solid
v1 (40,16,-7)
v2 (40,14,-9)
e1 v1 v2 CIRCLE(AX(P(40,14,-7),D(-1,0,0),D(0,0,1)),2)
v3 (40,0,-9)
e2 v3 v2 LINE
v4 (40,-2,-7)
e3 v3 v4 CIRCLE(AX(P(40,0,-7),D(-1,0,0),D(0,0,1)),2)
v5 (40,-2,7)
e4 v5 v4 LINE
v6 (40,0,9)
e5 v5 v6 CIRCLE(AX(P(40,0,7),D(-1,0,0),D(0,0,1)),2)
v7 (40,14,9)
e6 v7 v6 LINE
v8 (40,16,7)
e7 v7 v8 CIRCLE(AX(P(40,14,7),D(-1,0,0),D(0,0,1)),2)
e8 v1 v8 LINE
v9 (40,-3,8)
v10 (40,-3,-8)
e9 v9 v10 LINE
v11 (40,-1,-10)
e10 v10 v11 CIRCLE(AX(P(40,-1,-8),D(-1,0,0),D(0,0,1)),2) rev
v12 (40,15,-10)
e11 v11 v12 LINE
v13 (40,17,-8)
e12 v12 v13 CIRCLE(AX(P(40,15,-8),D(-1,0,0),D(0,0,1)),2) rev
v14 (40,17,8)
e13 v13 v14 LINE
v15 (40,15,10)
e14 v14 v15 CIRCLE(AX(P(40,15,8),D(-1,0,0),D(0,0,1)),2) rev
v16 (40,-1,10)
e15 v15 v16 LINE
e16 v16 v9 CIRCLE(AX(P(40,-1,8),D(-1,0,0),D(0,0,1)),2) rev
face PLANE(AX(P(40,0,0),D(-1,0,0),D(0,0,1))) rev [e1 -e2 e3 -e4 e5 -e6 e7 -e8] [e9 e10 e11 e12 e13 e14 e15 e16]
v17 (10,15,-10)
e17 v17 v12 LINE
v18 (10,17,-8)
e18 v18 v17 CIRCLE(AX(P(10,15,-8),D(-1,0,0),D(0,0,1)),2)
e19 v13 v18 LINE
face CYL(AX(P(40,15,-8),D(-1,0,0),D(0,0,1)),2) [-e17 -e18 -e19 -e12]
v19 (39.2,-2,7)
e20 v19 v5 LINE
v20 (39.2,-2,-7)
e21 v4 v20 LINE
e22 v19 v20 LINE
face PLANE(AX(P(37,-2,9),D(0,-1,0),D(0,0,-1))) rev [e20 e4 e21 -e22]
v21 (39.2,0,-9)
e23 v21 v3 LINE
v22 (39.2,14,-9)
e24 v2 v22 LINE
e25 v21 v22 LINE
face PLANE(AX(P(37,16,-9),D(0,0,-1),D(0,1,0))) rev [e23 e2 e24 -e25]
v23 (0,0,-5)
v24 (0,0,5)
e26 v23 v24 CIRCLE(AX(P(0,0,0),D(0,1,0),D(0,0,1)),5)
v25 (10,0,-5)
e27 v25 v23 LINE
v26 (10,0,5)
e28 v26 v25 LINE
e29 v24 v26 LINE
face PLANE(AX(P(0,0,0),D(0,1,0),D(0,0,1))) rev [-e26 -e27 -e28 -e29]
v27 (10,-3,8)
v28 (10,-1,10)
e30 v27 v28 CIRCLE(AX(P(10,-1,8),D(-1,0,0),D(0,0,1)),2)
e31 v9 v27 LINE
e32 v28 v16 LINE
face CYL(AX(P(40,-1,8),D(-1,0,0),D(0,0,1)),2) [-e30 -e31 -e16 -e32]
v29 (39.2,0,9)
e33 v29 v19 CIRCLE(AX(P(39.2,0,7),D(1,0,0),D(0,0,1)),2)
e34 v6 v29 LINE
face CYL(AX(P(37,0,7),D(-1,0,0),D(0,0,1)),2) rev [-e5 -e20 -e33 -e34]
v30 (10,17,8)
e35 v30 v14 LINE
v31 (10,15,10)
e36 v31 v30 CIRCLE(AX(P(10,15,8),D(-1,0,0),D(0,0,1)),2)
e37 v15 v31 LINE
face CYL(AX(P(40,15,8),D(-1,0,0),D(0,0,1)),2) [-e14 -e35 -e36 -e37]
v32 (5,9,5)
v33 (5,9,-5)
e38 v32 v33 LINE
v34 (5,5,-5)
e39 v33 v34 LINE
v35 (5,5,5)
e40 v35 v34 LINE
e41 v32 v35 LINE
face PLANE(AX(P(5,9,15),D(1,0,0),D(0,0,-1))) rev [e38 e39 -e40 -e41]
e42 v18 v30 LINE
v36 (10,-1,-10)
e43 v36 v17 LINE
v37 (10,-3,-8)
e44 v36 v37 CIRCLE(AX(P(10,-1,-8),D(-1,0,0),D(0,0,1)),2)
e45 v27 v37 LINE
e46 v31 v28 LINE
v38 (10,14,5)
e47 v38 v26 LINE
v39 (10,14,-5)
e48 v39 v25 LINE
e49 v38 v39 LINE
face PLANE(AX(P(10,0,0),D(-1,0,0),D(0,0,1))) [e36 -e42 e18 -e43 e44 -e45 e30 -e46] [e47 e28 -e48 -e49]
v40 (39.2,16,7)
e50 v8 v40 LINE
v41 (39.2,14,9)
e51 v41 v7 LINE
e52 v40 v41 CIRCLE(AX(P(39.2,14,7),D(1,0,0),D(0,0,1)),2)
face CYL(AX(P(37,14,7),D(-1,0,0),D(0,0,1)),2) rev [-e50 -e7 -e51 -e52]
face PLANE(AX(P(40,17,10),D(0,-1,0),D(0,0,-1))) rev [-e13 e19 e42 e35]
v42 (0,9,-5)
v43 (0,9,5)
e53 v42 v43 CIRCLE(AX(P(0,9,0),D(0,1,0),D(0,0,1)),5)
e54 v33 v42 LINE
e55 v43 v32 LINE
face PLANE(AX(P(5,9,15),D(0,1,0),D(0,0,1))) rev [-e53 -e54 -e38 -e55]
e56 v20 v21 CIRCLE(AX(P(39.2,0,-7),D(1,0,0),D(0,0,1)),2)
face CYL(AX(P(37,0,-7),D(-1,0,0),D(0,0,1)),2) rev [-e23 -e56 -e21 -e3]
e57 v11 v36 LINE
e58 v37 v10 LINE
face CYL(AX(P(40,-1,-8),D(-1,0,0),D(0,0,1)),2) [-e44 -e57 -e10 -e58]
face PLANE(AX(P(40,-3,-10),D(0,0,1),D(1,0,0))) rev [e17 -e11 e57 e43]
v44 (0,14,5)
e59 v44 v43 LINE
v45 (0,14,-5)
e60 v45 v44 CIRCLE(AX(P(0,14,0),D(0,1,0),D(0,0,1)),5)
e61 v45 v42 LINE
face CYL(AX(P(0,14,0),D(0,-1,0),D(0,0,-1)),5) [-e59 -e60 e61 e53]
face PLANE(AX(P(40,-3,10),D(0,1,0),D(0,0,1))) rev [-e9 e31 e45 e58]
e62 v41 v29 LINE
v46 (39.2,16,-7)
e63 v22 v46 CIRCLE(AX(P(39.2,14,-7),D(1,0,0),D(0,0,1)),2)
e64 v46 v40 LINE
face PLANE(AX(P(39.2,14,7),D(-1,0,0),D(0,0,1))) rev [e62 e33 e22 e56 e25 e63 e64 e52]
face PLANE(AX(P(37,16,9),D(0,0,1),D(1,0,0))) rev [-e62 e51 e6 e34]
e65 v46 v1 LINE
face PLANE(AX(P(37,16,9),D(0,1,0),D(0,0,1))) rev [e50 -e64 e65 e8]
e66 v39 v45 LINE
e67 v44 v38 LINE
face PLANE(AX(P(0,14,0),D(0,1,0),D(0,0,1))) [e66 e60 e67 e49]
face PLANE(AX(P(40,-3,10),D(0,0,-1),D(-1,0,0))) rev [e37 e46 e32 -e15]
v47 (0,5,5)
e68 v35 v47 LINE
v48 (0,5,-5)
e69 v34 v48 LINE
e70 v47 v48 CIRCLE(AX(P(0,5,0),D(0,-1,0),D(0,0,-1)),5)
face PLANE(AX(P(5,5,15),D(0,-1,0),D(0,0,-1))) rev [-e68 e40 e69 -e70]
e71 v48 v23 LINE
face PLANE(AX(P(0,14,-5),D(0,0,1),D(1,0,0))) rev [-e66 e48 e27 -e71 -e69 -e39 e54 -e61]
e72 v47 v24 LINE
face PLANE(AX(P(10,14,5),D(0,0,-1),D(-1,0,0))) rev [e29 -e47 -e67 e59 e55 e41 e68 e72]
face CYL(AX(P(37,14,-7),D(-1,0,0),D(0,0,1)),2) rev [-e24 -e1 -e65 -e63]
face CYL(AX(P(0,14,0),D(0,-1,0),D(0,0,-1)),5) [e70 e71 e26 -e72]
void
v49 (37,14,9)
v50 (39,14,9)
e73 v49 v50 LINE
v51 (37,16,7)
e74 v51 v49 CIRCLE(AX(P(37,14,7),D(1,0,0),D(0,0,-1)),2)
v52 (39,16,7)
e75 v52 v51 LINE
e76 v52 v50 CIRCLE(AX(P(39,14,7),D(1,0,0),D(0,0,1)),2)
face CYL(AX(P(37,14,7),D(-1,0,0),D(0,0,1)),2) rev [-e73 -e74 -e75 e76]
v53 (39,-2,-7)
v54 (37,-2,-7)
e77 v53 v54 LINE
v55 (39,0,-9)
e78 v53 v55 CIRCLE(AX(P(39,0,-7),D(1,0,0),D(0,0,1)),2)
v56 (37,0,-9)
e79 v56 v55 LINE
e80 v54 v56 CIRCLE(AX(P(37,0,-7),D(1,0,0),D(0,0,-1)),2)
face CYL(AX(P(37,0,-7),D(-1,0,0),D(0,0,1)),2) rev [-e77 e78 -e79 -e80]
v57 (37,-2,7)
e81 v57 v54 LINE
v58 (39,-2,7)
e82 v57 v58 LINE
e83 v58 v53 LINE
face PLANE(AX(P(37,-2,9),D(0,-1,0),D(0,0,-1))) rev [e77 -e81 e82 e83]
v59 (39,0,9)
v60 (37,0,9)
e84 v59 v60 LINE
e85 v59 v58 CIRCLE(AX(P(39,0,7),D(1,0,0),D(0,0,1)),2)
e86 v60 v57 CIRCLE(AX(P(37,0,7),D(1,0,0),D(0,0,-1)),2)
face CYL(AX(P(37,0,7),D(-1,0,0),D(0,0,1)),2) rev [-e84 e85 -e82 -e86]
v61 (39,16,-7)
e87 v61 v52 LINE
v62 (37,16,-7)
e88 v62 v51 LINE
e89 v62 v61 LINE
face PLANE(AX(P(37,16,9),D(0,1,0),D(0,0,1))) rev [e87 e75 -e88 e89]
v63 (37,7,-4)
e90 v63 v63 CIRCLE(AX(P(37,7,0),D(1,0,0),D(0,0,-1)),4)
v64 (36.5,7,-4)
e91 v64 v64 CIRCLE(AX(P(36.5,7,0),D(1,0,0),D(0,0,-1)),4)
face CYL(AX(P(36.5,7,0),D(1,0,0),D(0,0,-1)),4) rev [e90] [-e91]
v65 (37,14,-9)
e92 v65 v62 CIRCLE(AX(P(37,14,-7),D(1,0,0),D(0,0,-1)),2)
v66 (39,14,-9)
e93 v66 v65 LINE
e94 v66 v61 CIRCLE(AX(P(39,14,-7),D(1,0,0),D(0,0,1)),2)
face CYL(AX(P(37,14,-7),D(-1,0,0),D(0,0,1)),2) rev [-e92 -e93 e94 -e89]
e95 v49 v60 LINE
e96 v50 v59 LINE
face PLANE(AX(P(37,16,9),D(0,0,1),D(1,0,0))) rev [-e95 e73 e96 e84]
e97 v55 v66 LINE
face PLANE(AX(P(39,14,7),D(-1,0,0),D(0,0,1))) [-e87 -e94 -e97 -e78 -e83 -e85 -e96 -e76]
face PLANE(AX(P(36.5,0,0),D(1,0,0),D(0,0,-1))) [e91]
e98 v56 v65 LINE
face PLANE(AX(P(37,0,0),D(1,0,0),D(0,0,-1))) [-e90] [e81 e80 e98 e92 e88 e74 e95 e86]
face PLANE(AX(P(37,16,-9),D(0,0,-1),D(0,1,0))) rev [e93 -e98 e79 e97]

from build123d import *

# Parameters (mm, degrees)
BOSS_EXTRUDE1_DEPTH = 14
SKETCH3_W           = 20
SKETCH3_H           = 20
BOSS_EXTRUDE2_DEPTH = 30
SKETCH4_W           = 18
SKETCH4_H           = 18
CUT_EXTRUDE1_DEPTH  = 3
FILLET2_R           = 2
FILLET3_R           = 2
CUT_EXTRUDE2_DEPTH  = 0.5
BOSS_EXTRUDE3_DEPTH = 0.2
SKETCH8_W           = 10
SKETCH8_H           = 4
CUT_EXTRUDE4_DEPTH  = 20


with BuildPart() as part:
    # Sketch1 → Boss-Extrude1 (new body)
    with BuildSketch(Plane(origin=(0, 0, 0), x_dir=(1, 0, 0), z_dir=(0, 1, 0))):
        with BuildLine():
            Line((0, 5), (10, 5))
            Line((10, 5), (10, -5))
            Line((10, -5), (0, -5))
            ThreePointArc((0, -5), (-5, 0), (0, 5))
        make_face()
    extrude(amount=BOSS_EXTRUDE1_DEPTH)

    # Sketch3 → Boss-Extrude2 (add)
    with BuildSketch(Plane(origin=(10, 0, 0), x_dir=(0, 0, -1), z_dir=(1, 0, 0))):
        with Locations((0, 7)):
            Rectangle(SKETCH3_W, SKETCH3_H)
    extrude(amount=BOSS_EXTRUDE2_DEPTH)

    # Sketch4 → Cut-Extrude1 (cut)
    with BuildSketch(Plane(origin=(40, 0, 0), x_dir=(0, 0, -1), z_dir=(1, 0, 0))):
        with Locations((0, 7)):
            Rectangle(SKETCH4_W, SKETCH4_H)
    extrude(amount=-CUT_EXTRUDE1_DEPTH, mode=Mode.SUBTRACT)

    # Fillet2
    fillet2_edges = [part.edges().sort_by_distance(p)[0] for p in [
        (25, -3, -10),
        (25, 17, -10),
        (25, 17, 10),
        (25, -3, 10),
    ]]
    fillet(fillet2_edges, radius=FILLET2_R)

    # Fillet3
    fillet3_edges = [part.edges().sort_by_distance(p)[0] for p in [
        (38.5, 16, -9),
        (38.5, -2, -9),
        (38.5, -2, 9),
        (38.5, 16, 9),
    ]]
    fillet(fillet3_edges, radius=FILLET3_R)

    # Sketch5 → Cut-Extrude2 (cut)
    with BuildSketch(Plane(origin=(37, 0, 0), x_dir=(0, 0, -1), z_dir=(1, 0, 0))):
        with BuildLine():
            ThreePointArc((4, 7), (1.530733729, 10.69551813), (-2.828427125, 9.828427125))
            Line((-2.828427125, 9.828427125), (2.828427125, 4.171572875))
            ThreePointArc((2.828427125, 4.171572875), (3.69551813, 5.469266271), (4, 7))
        make_face()
        with BuildLine():
            Line((2.828427125, 4.171572875), (-2.828427125, 9.828427125))
            ThreePointArc((-2.828427125, 9.828427125), (-2.828427125, 4.171572875), (2.828427125, 4.171572875))
        make_face()
    extrude(amount=-CUT_EXTRUDE2_DEPTH, mode=Mode.SUBTRACT)

    # Sketch6 → Boss-Extrude3 (add)
    with BuildSketch(Plane(origin=(39, 0, 0), x_dir=(0, 0, -1), z_dir=(1, 0, 0))):
        with BuildLine():
            Line((-7, 16), (7, 16))
            ThreePointArc((7, 16), (8.414213562, 15.414213562), (9, 14))
            Line((9, 14), (9, 0))
            ThreePointArc((9, 0), (8.414213562, -1.414213562), (7, -2))
            Line((7, -2), (-7, -2))
            ThreePointArc((-7, -2), (-8.414213562, -1.414213562), (-9, 0))
            Line((-9, 0), (-9, 14))
            ThreePointArc((-9, 14), (-8.414213562, 15.414213562), (-7, 16))
        make_face()
    extrude(amount=BOSS_EXTRUDE3_DEPTH)

    # Sketch8 → Cut-Extrude4 (cut)
    with BuildSketch(Plane(origin=(0, 0, -5), x_dir=(-1, 0, 0), z_dir=(0, 0, -1))):
        with Locations((0, 7)):
            Rectangle(SKETCH8_W, SKETCH8_H)
    extrude(amount=-CUT_EXTRUDE4_DEPTH, mode=Mode.SUBTRACT)


solid = part.part
